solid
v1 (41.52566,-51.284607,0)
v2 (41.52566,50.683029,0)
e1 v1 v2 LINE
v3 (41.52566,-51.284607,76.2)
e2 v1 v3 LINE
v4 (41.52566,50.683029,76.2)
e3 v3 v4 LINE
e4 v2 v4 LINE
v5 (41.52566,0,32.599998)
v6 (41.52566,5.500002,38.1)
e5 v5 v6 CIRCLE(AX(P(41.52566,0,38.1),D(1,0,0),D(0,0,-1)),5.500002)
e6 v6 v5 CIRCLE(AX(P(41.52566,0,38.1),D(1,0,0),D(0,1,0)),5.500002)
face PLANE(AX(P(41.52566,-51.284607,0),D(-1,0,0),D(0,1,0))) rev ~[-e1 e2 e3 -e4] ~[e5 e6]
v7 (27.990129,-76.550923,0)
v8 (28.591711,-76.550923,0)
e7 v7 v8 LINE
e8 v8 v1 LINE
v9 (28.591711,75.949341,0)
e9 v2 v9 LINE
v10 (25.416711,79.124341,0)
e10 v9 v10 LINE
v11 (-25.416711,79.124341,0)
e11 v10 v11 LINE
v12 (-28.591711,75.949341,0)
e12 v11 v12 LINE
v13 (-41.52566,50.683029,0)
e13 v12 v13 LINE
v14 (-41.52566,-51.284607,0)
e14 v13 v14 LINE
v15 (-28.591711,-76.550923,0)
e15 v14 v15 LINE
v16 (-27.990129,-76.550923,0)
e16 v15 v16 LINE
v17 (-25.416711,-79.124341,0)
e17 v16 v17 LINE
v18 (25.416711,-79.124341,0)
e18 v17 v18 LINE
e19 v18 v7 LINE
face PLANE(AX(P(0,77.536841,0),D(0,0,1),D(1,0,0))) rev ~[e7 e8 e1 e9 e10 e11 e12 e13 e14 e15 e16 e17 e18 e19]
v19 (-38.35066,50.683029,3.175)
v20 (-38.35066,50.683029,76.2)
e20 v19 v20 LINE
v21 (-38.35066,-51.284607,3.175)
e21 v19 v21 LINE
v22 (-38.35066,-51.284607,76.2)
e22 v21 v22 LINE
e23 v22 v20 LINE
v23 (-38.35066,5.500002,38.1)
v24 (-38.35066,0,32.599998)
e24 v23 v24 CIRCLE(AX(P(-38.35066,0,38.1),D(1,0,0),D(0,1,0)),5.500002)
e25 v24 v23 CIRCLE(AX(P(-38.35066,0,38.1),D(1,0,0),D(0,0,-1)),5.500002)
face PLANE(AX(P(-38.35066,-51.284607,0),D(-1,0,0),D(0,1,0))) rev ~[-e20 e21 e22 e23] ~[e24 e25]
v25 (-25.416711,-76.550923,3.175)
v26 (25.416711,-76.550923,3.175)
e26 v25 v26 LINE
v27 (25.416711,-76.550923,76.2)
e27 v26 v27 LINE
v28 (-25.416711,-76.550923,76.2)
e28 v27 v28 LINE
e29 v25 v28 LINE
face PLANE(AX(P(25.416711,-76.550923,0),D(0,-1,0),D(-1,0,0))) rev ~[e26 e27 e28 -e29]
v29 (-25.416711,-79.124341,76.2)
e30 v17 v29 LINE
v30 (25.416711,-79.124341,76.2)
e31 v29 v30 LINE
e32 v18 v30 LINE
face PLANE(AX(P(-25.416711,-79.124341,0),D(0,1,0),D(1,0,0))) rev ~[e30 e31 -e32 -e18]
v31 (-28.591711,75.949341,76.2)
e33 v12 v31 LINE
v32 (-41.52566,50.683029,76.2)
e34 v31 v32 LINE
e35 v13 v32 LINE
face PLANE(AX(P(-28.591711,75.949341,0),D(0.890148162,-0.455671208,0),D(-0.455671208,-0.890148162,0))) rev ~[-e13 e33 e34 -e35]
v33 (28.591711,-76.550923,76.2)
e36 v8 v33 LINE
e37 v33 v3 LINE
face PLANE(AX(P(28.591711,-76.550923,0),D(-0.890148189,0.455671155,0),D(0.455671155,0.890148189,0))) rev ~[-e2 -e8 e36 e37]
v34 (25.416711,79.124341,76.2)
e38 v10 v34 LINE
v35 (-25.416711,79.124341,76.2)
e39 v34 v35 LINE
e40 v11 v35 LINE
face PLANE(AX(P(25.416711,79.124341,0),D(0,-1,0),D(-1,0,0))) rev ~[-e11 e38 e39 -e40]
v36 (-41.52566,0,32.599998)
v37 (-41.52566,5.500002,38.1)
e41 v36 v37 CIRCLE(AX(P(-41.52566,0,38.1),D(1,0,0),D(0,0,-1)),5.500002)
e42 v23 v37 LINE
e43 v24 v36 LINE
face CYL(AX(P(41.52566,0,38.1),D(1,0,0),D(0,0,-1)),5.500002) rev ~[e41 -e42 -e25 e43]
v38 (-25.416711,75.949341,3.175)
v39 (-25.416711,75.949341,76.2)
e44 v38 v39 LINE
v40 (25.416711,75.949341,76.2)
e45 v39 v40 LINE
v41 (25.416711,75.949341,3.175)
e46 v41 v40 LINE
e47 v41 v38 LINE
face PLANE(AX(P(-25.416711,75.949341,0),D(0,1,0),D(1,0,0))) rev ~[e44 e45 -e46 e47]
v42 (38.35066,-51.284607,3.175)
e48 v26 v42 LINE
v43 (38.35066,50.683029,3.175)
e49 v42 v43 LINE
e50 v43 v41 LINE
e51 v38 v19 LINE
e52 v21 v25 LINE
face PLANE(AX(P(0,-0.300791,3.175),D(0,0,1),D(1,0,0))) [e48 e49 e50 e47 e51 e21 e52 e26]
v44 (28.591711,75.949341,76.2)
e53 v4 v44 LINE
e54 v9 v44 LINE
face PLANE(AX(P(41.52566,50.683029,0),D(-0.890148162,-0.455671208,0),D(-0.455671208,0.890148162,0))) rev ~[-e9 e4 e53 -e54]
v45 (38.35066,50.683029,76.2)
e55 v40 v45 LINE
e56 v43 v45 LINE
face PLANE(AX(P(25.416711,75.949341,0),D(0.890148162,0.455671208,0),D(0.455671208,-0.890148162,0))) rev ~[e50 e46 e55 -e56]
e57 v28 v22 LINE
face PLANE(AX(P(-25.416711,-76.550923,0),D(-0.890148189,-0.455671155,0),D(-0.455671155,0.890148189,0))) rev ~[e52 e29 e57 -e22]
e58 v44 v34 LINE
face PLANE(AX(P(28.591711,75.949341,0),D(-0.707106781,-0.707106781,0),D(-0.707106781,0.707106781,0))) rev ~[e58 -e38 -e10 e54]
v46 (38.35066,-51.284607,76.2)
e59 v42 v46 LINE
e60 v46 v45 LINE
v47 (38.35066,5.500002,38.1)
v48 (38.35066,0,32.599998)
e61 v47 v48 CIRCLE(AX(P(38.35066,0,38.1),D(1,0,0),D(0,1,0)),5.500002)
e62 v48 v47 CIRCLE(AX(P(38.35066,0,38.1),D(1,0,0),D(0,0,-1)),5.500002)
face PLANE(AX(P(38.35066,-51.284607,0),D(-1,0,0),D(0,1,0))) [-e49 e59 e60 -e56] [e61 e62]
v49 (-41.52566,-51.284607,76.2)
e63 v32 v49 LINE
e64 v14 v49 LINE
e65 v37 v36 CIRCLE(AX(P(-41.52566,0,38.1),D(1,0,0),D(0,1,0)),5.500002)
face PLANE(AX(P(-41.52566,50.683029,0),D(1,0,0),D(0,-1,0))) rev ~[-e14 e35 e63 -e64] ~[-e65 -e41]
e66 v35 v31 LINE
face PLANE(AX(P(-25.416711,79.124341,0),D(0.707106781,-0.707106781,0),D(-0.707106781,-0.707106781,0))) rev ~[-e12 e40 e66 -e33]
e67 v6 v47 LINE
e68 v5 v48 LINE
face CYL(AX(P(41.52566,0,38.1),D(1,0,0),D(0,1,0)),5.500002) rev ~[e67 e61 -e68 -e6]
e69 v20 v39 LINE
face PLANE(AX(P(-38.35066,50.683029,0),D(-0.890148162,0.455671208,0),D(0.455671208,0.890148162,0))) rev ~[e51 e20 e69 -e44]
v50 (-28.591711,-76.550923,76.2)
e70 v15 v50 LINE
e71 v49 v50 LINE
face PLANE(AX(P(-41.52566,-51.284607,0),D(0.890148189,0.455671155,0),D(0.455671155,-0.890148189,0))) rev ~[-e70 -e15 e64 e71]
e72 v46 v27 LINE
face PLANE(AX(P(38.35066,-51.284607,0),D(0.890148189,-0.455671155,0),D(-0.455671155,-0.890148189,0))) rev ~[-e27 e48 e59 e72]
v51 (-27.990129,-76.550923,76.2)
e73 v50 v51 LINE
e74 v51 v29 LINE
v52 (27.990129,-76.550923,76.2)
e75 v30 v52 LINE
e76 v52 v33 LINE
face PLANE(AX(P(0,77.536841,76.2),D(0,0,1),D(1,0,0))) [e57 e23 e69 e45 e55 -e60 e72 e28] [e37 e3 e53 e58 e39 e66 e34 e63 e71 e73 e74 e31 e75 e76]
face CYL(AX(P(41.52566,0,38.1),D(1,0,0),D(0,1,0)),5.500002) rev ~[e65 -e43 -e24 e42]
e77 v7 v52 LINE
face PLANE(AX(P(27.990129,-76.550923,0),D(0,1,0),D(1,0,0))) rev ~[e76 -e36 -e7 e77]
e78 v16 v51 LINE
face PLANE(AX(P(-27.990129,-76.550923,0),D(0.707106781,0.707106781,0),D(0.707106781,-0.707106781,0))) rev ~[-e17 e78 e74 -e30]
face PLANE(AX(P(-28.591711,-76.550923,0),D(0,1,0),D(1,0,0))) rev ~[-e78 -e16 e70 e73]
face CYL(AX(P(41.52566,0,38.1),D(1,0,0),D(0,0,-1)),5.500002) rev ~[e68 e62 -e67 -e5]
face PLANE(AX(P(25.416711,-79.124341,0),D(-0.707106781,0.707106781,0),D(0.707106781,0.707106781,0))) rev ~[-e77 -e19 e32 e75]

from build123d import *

# Parameters (mm, degrees)
F1_DEPTH = 3.175
F0_W     = 3.175
F0_H     = 101.9676364958
F2_DEPTH = 76.2
F4_DEPTH = 106.68


with BuildPart() as f1:
    # F0 (on Top) → F1 (new body)
    with BuildSketch(Plane.XY):
        Polygon((25.4167113453, 75.9493410587), (0, 75.9493410587), (-25.4167113453, 75.9493410587), (-38.3506603539, 50.683028996), (-38.3506603539, -51.2846074998), (-25.4167113453, -76.5509232879), (0, -76.5509232879), (25.4167113453, -76.5509232879), (38.3506603539, -51.2846074998), (38.3506603539, 50.683028996), align=None)
    extrude(amount=F1_DEPTH)

    # F0 (on Top) → F2 (join)
    with BuildSketch(Plane.XY):
        Polygon((-25.4167113453, 75.9493410587), (0, 75.9493410587), (25.4167113453, 75.9493410587), (25.4167113453, 79.1243410587), (-25.4167113453, 79.1243410587), align=None)
        Polygon((-38.3506603539, 50.683028996), (-25.4167113453, 75.9493410587), (-28.5917113453, 75.9493410587), (-41.5256603539, 50.683028996), (-41.5256603539, -51.2846074998), (-28.5917113453, -76.5509232879), (-27.9901291162, -76.5509232879), (-25.4167113453, -76.5509232879), (-38.3506603539, -51.2846074998), align=None)
        Polygon((-28.5917113453, 75.9493410587), (-25.4167113453, 75.9493410587), (-25.4167113453, 79.1243410587), align=None)
        Polygon((28.5917113453, 75.9493410587), (25.4167113453, 75.9493410587), (38.3506603539, 50.683028996), (41.5256603539, 50.683028996), align=None)
        Polygon((25.4167113453, 79.1243410587), (25.4167113453, 75.9493410587), (28.5917113453, 75.9493410587), align=None)
        with Locations((39.9381603539, -0.3007892519)):
            Rectangle(F0_W, F0_H)
        Polygon((41.5256603539, -51.2846074998), (38.3506603539, -51.2846074998), (25.4167113453, -76.5509232879), (27.9901291162, -76.5509232879), (28.5917113453, -76.5509232879), align=None)
        Polygon((-25.4167113453, -79.1243410587), (-25.4167113453, -76.5509232879), (-27.9901291162, -76.5509232879), align=None)
        Polygon((0, -76.5509232879), (-25.4167113453, -76.5509232879), (-25.4167113453, -79.1243410587), (25.4167113453, -79.1243410587), (25.4167113453, -76.5509232879), align=None)
        Polygon((27.9901291162, -76.5509232879), (25.4167113453, -76.5509232879), (25.4167113453, -79.1243410587), align=None)
    extrude(amount=F2_DEPTH)

    # F3 (on face) → F4 (cut)
    with BuildSketch(Plane.YZ.offset(41.5256603539)):
        with BuildLine():
            ThreePointArc((5.5000017, 38.1), (-3.8890884986, 41.9890884986), (0, 32.5999983))
            ThreePointArc((0, 32.5999983), (3.8890884986, 34.2109115014), (5.5000017, 38.1))
        make_face()
    extrude(amount=-F4_DEPTH, mode=Mode.SUBTRACT)


solid = f1.part
